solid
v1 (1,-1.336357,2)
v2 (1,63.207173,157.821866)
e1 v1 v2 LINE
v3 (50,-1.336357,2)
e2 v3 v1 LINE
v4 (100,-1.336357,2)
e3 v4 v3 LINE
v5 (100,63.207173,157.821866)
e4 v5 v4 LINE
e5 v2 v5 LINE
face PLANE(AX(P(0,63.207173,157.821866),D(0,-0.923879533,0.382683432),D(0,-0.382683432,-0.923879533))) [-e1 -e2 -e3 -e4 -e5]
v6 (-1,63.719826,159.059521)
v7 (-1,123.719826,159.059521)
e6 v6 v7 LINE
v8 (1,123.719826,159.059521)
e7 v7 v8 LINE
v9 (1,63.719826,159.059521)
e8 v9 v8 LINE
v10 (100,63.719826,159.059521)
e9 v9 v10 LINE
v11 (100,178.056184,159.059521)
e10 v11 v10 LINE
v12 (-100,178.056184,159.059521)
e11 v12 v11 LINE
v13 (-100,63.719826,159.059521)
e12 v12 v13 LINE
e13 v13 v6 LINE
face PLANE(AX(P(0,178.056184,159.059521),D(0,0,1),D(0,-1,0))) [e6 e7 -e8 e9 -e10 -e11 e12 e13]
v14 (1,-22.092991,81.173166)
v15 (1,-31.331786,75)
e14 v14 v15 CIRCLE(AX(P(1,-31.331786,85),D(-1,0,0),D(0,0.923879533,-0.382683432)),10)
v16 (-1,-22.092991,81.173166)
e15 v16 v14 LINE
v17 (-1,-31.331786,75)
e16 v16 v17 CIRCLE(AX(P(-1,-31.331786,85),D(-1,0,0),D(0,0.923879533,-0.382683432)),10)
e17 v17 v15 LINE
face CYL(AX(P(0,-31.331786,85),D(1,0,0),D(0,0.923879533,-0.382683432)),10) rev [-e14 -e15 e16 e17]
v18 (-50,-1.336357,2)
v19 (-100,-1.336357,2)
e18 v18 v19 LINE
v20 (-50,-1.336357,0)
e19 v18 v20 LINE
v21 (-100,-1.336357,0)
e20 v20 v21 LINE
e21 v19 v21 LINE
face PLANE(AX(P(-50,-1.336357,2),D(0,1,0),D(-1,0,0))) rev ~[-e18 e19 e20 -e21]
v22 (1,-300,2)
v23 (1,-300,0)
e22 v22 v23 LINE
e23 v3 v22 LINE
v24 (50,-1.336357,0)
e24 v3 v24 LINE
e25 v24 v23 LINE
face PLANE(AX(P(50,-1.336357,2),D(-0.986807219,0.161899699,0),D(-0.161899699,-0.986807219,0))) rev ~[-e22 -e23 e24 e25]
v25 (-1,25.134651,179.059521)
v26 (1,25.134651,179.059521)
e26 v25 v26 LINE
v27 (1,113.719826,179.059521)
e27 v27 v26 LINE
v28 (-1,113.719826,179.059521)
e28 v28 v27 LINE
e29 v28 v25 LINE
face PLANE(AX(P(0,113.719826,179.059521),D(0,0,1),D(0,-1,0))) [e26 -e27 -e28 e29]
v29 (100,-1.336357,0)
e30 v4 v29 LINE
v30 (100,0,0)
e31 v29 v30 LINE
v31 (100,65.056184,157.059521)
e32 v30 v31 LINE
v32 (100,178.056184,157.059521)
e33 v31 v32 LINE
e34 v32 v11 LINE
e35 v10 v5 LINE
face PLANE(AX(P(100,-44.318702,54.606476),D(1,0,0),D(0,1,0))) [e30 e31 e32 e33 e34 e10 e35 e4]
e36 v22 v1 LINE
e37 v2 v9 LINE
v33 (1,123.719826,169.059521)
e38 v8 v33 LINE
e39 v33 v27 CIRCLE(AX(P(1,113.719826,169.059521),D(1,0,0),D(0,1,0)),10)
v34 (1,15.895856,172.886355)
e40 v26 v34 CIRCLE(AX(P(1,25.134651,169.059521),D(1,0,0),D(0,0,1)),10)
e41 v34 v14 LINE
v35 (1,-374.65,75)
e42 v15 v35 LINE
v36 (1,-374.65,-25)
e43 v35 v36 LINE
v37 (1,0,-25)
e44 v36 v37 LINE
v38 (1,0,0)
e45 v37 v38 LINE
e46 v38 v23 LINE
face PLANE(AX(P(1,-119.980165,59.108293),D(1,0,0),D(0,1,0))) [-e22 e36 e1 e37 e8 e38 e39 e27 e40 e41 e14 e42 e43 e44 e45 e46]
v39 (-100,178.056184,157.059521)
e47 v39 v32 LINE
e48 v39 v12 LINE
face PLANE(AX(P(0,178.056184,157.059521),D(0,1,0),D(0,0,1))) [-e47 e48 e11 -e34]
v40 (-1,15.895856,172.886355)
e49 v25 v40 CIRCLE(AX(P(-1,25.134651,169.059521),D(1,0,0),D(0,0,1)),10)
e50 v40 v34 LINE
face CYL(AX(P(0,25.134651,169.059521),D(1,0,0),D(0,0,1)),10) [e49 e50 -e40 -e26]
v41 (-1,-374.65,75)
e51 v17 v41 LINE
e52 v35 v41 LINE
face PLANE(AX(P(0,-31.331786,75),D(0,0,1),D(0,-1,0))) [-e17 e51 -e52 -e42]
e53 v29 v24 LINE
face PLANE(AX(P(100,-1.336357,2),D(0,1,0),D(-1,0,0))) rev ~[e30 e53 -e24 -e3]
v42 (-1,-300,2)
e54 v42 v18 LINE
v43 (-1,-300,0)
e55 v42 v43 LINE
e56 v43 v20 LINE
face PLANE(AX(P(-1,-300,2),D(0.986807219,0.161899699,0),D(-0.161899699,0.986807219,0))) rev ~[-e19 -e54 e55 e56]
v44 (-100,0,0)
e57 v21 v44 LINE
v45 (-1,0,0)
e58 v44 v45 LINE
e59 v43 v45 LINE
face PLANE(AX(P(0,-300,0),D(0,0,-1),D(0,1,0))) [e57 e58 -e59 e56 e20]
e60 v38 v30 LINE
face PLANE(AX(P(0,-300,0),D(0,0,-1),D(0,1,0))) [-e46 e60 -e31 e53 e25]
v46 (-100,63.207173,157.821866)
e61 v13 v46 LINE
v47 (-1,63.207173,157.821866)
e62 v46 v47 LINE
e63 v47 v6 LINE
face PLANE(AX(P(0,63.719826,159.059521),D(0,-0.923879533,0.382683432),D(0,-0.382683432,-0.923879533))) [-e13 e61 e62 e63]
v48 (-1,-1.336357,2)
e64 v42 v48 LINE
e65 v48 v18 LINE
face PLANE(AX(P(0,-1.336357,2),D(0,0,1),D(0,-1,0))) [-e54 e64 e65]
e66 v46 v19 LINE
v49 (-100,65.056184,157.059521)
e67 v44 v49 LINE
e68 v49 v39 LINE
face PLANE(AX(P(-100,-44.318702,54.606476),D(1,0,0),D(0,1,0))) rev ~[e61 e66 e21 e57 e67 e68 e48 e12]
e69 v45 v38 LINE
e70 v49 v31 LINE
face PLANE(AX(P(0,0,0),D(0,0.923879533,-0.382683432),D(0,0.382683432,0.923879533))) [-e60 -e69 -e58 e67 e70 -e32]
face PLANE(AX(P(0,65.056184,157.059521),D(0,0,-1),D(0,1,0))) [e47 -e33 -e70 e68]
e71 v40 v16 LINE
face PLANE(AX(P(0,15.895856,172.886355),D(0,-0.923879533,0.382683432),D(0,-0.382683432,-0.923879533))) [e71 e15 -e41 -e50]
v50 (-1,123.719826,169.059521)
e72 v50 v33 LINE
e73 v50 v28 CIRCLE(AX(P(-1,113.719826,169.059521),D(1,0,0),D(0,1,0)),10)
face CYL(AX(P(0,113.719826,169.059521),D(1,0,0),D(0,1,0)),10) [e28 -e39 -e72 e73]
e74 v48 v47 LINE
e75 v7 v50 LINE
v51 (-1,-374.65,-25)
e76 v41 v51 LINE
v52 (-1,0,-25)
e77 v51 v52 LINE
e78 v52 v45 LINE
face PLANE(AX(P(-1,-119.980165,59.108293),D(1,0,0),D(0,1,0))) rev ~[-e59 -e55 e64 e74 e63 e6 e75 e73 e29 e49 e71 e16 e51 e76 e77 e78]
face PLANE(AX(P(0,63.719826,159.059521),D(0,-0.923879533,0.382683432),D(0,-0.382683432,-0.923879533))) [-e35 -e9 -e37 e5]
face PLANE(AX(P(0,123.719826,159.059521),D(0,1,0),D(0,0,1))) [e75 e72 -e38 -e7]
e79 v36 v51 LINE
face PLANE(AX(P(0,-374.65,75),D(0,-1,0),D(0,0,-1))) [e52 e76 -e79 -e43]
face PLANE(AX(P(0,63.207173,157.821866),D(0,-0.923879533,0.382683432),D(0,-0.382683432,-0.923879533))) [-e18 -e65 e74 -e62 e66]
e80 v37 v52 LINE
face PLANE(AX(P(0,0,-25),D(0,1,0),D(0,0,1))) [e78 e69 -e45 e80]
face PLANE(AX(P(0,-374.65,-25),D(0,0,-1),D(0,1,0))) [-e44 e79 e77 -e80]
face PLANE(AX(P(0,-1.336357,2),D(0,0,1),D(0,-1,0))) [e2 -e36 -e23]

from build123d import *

# Parameters (mm, degrees)
F1_DEPTH = 100
F3_DEPTH = 2
F4_W     = 2
F4_H     = 298.6636427242
F5_DEPTH = 2
F7_DEPTH = 1


with BuildPart() as f1:
    # F0 (on Right) → F1 (new body, symmetric)
    with BuildSketch(Plane.YZ):
        Polygon((-300, 0), (0, 0), (65.0561835021, 157.0595205269), (178.0561835021, 157.0595205269), (178.0561835021, 159.0595205269), (63.7198262262, 159.0595205269), (63.2071728736, 157.8218658503), (-1.3363572758, 2), (-300, 2), align=None)
    extrude(amount=F1_DEPTH, both=True)

    # F2 (on face) → F3 (cut)
    with BuildSketch(Plane.XY.offset(2)):
        Polygon((-50, -1.3363572758), (-100, -1.3363572758), (-100, -300), (-1, -300), align=None)
        Polygon((100, -300), (100, -1.3363572758), (50, -1.3363572758), (1, -300), align=None)
    extrude(amount=-F3_DEPTH, mode=Mode.SUBTRACT)

    # F4 (on face) → F5 (cut)
    with BuildSketch(Plane.XY.offset(2)):
        with Locations((0, -150.6681786379)):
            Rectangle(F4_W, F4_H)
    extrude(amount=-F5_DEPTH, mode=Mode.SUBTRACT)

    # F6 (on Right) → F7 (join, symmetric)
    with BuildSketch(Plane.YZ):
        with BuildLine():
            Line((0, -25), (0, 0))
            Line((0, 0), (-1.3218912033, 0))
            Line((-1.3218912033, 0), (-1.3218912033, 1.994008737))
            Line((-1.3218912033, 1.994008737), (63.7198262262, 159.0595205269))
            Line((63.7198262262, 159.0595205269), (123.7198262262, 159.0595205269))
            Line((123.7198262262, 159.0595205269), (123.7198262262, 169.0595205269))
            ThreePointArc((123.7198262262, 169.0595205269), (120.7908940381, 176.1305883388), (113.7198262262, 179.0595205269))
            Line((113.7198262262, 179.0595205269), (25.1346510755, 179.0595205269))
            ThreePointArc((25.1346510755, 179.0595205269), (19.5789487453, 177.3742166499), (15.8958557504, 172.8863548506))
            Line((15.8958557504, 172.8863548506), (-22.0929910541, 81.1731656763))
            ThreePointArc((-22.0929910541, 81.1731656763), (-25.776084049, 76.685303877), (-31.3317863792, 75))
            Line((-31.3317863792, 75), (-374.65, 75))
            Line((-374.65, 75), (-374.65, -25))
            Line((-374.65, -25), (0, -25))
        make_face()
    extrude(amount=F7_DEPTH, both=True)


solid = f1.part
